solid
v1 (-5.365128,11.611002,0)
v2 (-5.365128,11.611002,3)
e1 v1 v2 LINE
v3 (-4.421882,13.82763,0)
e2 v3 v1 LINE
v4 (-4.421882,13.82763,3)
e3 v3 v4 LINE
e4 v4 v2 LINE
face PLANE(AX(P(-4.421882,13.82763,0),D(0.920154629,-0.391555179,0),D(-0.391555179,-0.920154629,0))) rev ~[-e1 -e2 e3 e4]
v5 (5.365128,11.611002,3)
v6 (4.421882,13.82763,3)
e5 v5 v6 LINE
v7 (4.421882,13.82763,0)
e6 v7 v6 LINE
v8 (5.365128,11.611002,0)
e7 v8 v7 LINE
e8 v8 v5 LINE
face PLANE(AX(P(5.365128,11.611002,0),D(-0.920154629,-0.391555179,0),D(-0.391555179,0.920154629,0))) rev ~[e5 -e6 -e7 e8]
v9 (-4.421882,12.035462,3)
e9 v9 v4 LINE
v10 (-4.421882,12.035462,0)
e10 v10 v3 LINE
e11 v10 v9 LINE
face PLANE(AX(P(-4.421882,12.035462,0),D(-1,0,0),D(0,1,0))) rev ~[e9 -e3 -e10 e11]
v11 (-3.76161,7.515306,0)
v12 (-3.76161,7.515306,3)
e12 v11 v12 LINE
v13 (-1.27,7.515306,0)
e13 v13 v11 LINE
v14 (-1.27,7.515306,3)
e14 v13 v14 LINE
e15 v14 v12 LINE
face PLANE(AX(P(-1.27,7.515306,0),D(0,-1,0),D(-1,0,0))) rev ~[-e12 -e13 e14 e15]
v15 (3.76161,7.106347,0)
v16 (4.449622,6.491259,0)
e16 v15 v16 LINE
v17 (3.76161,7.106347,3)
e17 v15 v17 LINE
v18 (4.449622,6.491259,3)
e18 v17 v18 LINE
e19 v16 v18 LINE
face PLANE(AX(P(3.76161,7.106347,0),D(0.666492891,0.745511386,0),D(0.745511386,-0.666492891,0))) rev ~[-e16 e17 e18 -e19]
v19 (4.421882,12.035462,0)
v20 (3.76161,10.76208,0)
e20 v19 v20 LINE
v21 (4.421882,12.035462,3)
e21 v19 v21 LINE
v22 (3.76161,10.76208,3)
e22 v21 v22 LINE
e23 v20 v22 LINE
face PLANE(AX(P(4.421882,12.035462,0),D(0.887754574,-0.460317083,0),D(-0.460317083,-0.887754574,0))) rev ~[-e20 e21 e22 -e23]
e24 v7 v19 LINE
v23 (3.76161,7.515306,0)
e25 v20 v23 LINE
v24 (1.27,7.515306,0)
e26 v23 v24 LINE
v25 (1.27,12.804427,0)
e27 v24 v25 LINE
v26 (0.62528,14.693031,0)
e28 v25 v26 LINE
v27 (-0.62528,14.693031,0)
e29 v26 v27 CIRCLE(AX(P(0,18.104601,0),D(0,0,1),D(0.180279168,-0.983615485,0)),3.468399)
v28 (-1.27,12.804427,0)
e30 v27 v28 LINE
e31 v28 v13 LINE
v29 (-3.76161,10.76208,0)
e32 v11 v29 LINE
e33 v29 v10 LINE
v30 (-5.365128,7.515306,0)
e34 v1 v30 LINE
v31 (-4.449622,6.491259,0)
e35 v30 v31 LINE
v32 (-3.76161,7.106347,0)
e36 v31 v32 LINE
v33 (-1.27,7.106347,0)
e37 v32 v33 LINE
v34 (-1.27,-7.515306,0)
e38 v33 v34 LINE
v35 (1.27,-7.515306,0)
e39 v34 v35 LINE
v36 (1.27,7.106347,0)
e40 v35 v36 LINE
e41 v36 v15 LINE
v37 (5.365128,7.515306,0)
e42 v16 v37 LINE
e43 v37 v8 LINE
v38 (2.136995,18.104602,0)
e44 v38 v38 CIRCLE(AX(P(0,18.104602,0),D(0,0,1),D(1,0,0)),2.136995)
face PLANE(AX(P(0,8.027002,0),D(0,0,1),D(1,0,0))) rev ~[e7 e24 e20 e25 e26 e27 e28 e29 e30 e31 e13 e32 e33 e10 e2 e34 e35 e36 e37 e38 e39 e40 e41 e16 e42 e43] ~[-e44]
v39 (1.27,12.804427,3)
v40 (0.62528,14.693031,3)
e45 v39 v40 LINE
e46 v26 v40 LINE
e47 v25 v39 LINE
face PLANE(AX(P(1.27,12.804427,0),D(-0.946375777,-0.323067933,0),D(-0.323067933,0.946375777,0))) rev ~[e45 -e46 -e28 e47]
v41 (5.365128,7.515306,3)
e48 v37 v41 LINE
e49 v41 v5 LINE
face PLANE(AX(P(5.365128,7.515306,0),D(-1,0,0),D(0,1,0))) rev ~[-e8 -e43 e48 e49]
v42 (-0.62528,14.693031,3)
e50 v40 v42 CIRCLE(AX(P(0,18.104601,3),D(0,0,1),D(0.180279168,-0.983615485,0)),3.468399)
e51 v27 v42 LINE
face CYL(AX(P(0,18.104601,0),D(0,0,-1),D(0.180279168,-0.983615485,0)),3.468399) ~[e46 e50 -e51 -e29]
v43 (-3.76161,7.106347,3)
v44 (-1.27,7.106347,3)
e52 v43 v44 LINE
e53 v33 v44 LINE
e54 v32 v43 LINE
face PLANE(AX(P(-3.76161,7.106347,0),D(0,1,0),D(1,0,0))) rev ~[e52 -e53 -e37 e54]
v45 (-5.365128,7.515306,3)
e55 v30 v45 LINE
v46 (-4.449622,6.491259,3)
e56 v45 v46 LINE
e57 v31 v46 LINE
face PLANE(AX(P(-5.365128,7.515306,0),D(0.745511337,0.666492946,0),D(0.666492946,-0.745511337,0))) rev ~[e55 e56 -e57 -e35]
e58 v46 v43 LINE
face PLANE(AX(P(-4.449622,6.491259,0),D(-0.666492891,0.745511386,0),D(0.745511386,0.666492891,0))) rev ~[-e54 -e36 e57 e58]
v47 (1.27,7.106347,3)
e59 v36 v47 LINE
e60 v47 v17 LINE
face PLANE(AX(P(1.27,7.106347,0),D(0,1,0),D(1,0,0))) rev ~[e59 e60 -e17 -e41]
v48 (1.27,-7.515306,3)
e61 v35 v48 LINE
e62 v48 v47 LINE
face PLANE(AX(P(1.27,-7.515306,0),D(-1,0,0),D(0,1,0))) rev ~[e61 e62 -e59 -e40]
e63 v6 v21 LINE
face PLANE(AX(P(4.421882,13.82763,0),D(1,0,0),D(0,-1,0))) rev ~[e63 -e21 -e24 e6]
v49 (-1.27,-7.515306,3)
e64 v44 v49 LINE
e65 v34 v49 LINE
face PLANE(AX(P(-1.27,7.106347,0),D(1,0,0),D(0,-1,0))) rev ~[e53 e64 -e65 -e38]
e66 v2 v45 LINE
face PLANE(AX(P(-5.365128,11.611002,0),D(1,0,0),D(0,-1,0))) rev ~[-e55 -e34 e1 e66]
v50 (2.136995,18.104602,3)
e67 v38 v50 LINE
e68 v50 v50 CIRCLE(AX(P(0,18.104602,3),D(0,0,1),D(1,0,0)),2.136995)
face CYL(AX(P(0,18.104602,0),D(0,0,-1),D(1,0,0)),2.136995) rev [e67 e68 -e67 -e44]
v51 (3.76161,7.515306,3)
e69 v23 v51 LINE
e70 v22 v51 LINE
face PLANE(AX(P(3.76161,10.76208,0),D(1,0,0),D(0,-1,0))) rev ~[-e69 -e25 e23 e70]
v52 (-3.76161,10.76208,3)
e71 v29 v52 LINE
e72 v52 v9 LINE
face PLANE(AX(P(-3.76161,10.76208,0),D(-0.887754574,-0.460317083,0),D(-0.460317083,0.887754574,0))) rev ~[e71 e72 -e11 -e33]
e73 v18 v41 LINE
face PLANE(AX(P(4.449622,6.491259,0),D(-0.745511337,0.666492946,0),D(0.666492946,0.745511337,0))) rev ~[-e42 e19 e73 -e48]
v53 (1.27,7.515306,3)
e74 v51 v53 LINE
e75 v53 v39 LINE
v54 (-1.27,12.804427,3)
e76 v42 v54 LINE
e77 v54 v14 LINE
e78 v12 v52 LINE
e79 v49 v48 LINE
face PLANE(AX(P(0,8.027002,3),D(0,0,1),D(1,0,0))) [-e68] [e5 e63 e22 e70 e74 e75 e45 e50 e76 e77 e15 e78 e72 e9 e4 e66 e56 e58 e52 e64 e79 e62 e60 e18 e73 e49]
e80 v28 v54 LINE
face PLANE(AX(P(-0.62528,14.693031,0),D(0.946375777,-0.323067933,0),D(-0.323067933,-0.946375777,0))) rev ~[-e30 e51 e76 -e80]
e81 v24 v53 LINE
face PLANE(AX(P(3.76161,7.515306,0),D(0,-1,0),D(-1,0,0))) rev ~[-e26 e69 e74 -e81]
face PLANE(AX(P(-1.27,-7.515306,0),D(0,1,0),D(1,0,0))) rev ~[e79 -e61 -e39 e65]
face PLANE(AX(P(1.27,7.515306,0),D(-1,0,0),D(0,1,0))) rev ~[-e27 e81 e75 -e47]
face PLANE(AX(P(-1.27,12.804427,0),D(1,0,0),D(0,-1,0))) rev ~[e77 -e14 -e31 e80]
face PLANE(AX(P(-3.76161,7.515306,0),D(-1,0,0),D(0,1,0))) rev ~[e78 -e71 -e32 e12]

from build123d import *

# Parameters (mm, degrees)
F0_R     = 2.136995
F1_DEPTH = 3


with BuildPart() as f1:
    # F0 (on Top) → F1 (new body)
    with BuildSketch(Plane.XY):
        with BuildLine():
            Line((-1.27, 7.106347), (-1.27, -7.515306))
            Line((-1.27, -7.515306), (0, -7.515306))
            Line((0, -7.515306), (1.27, -7.515306))
            Line((1.27, -7.515306), (1.27, 7.106347))
            Line((1.27, 7.106347), (3.76161, 7.106347))
            Line((3.76161, 7.106347), (4.449622, 6.491259))
            Line((4.449622, 6.491259), (5.365128, 7.515306))
            Line((5.365128, 7.515306), (5.365128, 11.611002))
            Line((5.365128, 11.611002), (4.421882, 13.82763))
            Line((4.421882, 13.82763), (4.421882, 12.035462))
            Line((4.421882, 12.035462), (3.76161, 10.76208))
            Line((3.76161, 10.76208), (3.76161, 7.515306))
            Line((3.76161, 7.515306), (1.27, 7.515306))
            Line((1.27, 7.515306), (1.27, 12.804427))
            Line((1.27, 12.804427), (0.62528, 14.693031))
            ThreePointArc((0.62528, 14.693031), (0, 21.573), (-0.62528, 14.693031))
            Line((-0.62528, 14.693031), (-1.27, 12.804427))
            Line((-1.27, 12.804427), (-1.27, 7.515306))
            Line((-1.27, 7.515306), (-3.76161, 7.515306))
            Line((-3.76161, 7.515306), (-3.76161, 10.76208))
            Line((-3.76161, 10.76208), (-4.421882, 12.035462))
            Line((-4.421882, 12.035462), (-4.421882, 13.82763))
            Line((-4.421882, 13.82763), (-5.365128, 11.611002))
            Line((-5.365128, 11.611002), (-5.365128, 7.515306))
            Line((-5.365128, 7.515306), (-4.449622, 6.491259))
            Line((-4.449622, 6.491259), (-3.76161, 7.106347))
            Line((-3.76161, 7.106347), (-1.27, 7.106347))
        make_face()
        with Locations((0, 18.104602)):
            Circle(F0_R, mode=Mode.SUBTRACT)
    extrude(amount=F1_DEPTH)


solid = f1.part
